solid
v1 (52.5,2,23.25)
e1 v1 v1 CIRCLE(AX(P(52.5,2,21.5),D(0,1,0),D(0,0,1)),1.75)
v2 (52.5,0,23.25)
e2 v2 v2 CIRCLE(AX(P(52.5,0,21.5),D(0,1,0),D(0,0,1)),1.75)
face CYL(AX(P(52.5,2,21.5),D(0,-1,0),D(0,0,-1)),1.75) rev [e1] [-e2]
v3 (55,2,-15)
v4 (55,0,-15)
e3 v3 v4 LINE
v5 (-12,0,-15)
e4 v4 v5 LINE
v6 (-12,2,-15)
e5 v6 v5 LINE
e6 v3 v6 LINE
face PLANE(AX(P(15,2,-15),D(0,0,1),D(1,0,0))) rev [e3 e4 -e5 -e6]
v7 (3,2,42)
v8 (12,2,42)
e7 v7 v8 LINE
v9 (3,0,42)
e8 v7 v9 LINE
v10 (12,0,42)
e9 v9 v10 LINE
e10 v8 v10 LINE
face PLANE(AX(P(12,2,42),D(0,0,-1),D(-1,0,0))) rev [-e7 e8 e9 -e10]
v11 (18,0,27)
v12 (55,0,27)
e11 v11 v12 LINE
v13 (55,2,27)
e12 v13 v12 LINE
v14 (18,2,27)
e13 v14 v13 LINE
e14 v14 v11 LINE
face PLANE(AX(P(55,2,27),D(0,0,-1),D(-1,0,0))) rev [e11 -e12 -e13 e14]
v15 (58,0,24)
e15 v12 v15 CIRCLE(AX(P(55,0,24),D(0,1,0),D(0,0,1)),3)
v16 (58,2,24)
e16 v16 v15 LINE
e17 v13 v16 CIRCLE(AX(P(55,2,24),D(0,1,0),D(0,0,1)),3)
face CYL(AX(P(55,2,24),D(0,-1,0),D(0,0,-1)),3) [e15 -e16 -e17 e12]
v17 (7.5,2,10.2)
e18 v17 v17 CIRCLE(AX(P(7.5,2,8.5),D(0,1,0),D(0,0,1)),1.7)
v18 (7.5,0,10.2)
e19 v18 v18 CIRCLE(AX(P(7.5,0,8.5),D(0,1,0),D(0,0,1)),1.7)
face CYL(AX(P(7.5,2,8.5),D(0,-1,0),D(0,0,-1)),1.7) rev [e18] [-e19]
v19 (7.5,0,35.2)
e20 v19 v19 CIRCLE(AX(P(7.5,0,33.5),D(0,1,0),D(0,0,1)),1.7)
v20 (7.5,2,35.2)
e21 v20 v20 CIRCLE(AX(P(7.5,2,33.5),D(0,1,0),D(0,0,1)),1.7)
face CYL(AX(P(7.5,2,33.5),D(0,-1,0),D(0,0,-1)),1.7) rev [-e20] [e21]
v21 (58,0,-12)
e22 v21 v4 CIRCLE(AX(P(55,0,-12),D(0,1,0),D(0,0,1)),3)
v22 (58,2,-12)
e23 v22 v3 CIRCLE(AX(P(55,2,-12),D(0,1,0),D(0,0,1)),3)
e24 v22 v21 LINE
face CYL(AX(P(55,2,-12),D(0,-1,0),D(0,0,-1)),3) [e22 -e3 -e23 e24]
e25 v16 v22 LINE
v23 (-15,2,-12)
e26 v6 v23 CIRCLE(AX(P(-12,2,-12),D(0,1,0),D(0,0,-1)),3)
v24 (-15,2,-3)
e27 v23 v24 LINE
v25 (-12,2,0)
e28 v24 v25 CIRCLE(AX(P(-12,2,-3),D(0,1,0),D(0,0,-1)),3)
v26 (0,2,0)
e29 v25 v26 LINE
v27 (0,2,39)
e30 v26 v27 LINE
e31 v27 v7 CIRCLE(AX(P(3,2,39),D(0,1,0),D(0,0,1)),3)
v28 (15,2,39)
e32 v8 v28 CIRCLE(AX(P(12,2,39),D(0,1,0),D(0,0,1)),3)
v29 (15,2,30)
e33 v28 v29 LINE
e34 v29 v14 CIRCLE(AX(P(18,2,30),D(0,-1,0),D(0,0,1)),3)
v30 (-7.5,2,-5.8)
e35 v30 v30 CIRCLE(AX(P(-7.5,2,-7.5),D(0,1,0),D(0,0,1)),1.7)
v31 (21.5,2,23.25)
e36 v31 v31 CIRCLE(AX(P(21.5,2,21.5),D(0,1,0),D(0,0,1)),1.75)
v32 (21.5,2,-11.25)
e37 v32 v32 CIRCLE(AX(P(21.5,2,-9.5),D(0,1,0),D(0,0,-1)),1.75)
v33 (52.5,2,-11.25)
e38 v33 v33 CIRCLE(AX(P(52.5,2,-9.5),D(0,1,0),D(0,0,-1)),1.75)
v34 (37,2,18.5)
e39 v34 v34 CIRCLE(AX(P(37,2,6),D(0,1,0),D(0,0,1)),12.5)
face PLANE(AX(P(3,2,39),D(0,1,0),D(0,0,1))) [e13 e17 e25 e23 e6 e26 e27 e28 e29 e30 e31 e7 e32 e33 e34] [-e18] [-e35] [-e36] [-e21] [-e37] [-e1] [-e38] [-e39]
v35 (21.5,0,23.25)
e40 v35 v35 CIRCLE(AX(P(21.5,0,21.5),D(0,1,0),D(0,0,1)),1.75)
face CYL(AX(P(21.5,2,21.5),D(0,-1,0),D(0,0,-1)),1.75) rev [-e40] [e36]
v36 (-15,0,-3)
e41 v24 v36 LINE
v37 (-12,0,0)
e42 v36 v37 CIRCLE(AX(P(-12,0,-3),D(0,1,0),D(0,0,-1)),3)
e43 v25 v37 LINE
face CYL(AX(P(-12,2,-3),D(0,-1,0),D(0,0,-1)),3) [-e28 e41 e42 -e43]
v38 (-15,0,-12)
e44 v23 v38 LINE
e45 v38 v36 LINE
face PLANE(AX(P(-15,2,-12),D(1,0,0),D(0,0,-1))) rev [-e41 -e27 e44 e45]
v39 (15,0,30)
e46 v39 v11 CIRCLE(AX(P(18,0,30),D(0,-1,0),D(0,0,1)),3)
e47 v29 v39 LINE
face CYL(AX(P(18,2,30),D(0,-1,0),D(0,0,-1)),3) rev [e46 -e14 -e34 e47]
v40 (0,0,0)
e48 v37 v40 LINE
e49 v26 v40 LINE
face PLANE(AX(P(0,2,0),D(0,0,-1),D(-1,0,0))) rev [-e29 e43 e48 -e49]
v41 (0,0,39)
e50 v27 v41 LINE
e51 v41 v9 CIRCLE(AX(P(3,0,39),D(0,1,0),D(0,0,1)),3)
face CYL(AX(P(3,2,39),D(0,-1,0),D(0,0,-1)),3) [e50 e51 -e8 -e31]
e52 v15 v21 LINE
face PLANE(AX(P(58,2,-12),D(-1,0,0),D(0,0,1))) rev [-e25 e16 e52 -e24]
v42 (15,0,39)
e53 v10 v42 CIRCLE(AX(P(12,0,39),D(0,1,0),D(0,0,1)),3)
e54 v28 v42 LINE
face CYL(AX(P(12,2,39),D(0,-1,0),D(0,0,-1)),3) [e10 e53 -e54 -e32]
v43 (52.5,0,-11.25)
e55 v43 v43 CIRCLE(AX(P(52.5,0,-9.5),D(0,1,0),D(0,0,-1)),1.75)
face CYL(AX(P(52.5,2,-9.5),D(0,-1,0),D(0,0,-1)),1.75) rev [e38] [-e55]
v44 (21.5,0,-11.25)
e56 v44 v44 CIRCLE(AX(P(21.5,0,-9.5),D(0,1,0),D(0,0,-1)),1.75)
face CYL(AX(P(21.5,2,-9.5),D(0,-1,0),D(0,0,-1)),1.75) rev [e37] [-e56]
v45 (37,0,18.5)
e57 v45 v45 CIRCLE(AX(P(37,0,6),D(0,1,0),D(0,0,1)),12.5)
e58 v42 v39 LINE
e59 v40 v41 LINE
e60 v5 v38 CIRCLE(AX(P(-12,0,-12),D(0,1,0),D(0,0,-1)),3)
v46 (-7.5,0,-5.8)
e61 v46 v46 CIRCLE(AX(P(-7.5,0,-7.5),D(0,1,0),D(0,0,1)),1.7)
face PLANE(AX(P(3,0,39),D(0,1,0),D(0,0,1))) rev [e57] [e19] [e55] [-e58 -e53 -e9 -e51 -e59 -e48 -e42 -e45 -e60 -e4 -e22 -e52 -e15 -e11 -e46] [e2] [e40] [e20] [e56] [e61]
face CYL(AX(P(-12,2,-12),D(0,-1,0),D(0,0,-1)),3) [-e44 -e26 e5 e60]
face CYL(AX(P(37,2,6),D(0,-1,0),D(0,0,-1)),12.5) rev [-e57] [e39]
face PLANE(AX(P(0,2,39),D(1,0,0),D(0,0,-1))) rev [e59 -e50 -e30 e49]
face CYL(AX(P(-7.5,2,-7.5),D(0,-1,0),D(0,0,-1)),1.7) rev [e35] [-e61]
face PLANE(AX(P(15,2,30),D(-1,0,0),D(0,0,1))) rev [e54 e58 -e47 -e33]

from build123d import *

# Parameters (mm, degrees)
SKETCH_1_R      = 12.5
SKETCH_1_R_2    = 1.75
SKETCH_1_R_3    = 1.7
EXTRUDE_2_DEPTH = 2


with BuildPart() as part:
    # 草图1 → 凸台-拉伸2 (new body)
    with BuildSketch(Plane(origin=(0, 0, 0), x_dir=(1, 0, 0), z_dir=(0, 1, 0))):
        with BuildLine():
            Line((0, 0), (-12, 0))
            ThreePointArc((-12, 0), (-14.121320344, 0.878679656), (-15, 3))
            Line((-15, 3), (-15, 12))
            ThreePointArc((-15, 12), (-14.121320344, 14.121320344), (-12, 15))
            Line((-12, 15), (15, 15))
            Line((15, 15), (55, 15))
            ThreePointArc((55, 15), (57.121320344, 14.121320344), (58, 12))
            Line((58, 12), (58, -24))
            ThreePointArc((58, -24), (57.121320344, -26.121320344), (55, -27))
            Line((55, -27), (18, -27))
            ThreePointArc((18, -27), (15.878679656, -27.878679656), (15, -30))
            Line((15, -30), (15, -39))
            ThreePointArc((15, -39), (14.121320344, -41.121320344), (12, -42))
            Line((12, -42), (3, -42))
            ThreePointArc((3, -42), (0.878679656, -41.121320344), (0, -39))
            Line((0, -39), (0, -32.824659397))
            Line((0, -32.824659397), (0, 0))
        make_face()
        with Locations(Location((37, -6, 0), (0, 0, 270))):
            Circle(SKETCH_1_R, mode=Mode.SUBTRACT)
        with Locations(Location((52.5, -21.5, 0), (0, 0, 270))):
            Circle(SKETCH_1_R_2, mode=Mode.SUBTRACT)
        with Locations(Location((21.5, -21.5, 0), (0, 0, 270))):
            Circle(SKETCH_1_R_2, mode=Mode.SUBTRACT)
        with Locations(Location((21.5, 9.5, 0), (0, 0, 90))):
            Circle(SKETCH_1_R_2, mode=Mode.SUBTRACT)
        with Locations(Location((52.5, 9.5, 0), (0, 0, 90))):
            Circle(SKETCH_1_R_2, mode=Mode.SUBTRACT)
        with Locations(Location((7.5, -8.5, 0), (0, 0, 270))):
            Circle(SKETCH_1_R_3, mode=Mode.SUBTRACT)
        with Locations(Location((7.5, -33.5, 0), (0, 0, 270))):
            Circle(SKETCH_1_R_3, mode=Mode.SUBTRACT)
        with Locations(Location((-7.5, 7.5, 0), (0, 0, 270))):
            Circle(SKETCH_1_R_3, mode=Mode.SUBTRACT)
    extrude(amount=EXTRUDE_2_DEPTH)


solid = part.part
